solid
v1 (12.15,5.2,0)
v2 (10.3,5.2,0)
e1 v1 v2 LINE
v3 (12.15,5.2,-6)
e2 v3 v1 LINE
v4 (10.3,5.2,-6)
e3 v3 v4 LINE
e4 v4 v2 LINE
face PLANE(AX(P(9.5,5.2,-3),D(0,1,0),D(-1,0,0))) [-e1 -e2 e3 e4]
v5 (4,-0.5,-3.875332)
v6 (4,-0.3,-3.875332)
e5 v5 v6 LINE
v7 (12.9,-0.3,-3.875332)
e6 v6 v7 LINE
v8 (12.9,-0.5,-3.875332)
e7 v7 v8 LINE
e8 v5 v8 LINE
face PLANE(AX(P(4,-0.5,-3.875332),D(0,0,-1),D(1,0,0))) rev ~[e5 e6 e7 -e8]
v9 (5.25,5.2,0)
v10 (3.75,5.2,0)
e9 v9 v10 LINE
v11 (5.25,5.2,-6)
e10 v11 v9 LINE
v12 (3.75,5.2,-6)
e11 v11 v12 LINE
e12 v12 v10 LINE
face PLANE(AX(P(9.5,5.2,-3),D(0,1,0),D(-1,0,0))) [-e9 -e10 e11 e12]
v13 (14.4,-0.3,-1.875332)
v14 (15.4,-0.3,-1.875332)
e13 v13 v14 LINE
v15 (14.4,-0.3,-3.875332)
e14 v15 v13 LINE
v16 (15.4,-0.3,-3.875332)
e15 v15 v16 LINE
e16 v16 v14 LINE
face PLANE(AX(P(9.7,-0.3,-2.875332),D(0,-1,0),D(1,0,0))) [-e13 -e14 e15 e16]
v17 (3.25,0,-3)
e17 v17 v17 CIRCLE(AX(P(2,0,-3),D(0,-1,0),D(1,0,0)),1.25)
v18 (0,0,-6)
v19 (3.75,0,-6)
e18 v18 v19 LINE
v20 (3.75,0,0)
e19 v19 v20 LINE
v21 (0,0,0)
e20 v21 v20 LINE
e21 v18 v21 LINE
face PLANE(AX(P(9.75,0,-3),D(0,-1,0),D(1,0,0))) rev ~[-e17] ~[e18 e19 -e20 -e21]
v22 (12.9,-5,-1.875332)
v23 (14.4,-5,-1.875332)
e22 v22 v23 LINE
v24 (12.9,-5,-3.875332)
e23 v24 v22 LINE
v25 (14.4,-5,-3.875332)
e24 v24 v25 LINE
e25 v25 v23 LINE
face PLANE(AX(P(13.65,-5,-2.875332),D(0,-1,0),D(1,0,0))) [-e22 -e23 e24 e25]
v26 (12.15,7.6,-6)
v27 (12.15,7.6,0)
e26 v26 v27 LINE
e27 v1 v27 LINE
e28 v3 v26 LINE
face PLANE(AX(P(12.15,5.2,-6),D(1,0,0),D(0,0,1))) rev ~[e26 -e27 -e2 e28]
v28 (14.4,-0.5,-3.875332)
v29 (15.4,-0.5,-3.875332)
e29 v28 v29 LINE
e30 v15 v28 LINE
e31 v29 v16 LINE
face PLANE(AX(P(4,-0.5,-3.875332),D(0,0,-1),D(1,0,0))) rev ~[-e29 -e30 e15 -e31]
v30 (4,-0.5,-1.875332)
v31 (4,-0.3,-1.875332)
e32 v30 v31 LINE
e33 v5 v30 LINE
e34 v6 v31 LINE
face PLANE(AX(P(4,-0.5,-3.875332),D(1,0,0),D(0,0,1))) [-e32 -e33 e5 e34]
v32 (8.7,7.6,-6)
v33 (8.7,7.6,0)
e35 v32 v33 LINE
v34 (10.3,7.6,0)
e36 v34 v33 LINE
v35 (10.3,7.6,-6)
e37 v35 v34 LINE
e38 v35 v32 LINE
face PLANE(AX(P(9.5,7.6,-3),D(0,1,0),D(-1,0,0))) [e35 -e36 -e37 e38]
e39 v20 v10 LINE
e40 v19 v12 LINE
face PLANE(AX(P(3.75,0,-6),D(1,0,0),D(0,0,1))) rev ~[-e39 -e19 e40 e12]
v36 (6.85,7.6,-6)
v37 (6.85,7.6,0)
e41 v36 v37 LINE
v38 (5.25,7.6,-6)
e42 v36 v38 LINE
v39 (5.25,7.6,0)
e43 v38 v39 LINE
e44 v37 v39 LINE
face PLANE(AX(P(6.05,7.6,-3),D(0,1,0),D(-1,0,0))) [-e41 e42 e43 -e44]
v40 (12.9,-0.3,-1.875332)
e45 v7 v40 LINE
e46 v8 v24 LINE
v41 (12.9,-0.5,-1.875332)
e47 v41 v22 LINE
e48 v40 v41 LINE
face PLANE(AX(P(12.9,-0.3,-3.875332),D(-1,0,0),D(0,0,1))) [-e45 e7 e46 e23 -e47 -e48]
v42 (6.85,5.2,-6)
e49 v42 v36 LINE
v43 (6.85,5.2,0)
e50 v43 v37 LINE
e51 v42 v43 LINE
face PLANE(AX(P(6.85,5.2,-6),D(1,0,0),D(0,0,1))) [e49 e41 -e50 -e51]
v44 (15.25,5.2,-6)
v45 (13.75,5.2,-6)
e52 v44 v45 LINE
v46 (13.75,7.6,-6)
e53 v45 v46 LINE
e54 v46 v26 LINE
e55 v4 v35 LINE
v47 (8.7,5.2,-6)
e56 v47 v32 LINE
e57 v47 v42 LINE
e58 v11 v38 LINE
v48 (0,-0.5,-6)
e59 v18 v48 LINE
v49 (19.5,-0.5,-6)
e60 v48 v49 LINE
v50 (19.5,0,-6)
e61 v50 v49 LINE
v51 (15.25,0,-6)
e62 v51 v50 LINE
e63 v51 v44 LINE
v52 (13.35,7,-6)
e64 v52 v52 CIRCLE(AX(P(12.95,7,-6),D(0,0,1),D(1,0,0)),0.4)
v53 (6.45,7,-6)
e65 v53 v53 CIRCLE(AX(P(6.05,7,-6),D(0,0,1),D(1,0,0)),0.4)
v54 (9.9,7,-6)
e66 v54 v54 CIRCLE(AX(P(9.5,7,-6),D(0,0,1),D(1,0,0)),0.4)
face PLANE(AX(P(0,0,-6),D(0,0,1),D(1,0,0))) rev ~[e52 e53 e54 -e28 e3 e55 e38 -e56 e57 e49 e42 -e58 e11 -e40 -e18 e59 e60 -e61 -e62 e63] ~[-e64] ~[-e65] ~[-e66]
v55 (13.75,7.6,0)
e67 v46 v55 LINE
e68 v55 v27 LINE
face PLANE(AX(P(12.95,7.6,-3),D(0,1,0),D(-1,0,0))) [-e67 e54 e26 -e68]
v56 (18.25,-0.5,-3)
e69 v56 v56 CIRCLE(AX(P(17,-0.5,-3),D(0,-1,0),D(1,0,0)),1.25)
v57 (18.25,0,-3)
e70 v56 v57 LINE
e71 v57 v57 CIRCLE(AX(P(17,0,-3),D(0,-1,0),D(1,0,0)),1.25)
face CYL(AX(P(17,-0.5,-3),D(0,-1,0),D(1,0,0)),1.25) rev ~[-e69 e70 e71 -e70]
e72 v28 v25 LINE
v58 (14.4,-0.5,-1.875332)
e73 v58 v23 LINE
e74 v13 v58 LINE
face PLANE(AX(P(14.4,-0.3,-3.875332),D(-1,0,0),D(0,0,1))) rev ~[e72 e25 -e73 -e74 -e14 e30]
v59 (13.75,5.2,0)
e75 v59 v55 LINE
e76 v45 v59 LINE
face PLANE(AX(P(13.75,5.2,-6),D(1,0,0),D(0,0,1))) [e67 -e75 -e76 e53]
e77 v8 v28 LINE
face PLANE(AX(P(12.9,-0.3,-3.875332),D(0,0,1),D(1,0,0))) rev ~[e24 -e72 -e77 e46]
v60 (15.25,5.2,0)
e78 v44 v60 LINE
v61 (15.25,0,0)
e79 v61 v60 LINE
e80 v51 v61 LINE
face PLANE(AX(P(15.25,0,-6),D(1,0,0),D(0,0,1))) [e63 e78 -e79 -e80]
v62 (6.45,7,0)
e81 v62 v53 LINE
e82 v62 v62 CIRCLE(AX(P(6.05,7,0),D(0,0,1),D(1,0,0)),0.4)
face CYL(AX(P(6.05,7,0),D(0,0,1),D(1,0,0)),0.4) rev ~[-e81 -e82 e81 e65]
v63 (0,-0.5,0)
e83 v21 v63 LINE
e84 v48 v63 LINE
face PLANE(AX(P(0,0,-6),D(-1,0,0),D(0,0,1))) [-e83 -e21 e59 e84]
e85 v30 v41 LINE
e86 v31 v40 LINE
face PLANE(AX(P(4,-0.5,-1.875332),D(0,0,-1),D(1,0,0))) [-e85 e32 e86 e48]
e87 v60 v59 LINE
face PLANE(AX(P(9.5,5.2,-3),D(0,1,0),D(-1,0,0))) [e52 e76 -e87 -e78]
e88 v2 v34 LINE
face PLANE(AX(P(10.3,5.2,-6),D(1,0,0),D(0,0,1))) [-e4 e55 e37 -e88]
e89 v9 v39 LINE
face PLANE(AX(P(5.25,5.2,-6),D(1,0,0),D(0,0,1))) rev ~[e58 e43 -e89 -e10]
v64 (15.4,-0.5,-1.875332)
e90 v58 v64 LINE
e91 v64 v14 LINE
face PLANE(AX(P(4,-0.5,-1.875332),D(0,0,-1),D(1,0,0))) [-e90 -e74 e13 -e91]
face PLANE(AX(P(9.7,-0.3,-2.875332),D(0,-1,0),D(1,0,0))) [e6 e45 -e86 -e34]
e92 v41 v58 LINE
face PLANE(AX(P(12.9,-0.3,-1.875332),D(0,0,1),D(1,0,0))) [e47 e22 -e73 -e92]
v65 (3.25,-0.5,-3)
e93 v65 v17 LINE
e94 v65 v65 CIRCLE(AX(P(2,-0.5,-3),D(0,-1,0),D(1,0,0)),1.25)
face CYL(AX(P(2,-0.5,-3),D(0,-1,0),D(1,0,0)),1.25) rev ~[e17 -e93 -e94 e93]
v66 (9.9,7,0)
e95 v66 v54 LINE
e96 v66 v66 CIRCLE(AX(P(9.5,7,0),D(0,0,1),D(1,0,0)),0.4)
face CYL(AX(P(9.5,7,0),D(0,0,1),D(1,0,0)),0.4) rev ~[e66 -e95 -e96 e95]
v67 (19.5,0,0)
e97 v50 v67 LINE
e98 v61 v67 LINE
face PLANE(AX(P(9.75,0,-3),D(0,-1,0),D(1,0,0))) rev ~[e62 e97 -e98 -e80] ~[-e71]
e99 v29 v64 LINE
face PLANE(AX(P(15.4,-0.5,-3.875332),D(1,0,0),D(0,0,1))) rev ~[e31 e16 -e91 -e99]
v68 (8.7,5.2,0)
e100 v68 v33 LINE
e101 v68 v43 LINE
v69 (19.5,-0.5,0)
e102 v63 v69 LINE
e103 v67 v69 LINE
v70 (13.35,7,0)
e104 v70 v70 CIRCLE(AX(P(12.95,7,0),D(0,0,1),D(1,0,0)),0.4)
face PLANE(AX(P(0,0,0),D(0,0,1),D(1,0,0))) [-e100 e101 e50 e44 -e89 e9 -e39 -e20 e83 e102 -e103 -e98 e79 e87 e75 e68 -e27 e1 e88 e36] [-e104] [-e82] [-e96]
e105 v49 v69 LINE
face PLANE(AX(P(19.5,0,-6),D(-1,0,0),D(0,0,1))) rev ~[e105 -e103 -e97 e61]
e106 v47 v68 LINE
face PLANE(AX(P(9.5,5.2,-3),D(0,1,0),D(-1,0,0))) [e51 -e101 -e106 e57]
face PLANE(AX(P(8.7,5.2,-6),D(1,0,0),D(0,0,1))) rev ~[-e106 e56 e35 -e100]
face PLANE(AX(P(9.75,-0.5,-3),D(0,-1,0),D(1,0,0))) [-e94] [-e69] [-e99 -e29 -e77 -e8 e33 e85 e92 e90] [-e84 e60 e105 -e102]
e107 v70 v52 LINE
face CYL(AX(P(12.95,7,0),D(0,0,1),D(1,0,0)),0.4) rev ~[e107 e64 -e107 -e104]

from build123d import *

# Parameters (mm, degrees)
F0_W      = 19.5
F0_H      = 6
F1_DEPTH  = 0.5
F2_R      = 1.25
F3_DEPTH  = 3
F4_W      = 11.4
F4_H      = 2
F5_DEPTH  = 0.2
F6_W      = 1.5
F6_H      = 2
F7_DEPTH  = 4.7
F8_W      = 11.5
F8_H      = 6
F9_DEPTH  = 5.2
F10_W     = 1.6
F10_H     = 6
F11_DEPTH = 2.4
F12_R     = 0.4
F13_DEPTH = 6


with BuildPart() as f1:
    # F0 (on Front) → F1 (new body)
    with BuildSketch(Plane.XZ):
        with Locations((9.75, -3)):
            Rectangle(F0_W, F0_H)
    extrude(amount=F1_DEPTH)

    # F2 (on face) → F3 (cut)
    with BuildSketch(Plane.XZ.offset(0.5)):
        with Locations((2, -3)):
            Circle(F2_R)
        with Locations((17, -3)):
            Circle(F2_R)
    extrude(amount=-F3_DEPTH, mode=Mode.SUBTRACT)

    # F4 (on face) → F5 (cut)
    with BuildSketch(Plane.XZ.offset(0.5)):
        with Locations((9.7, -2.875332)):
            Rectangle(F4_W, F4_H)
    extrude(amount=-F5_DEPTH, mode=Mode.SUBTRACT)

    # F6 (on face) → F7 (join)
    with BuildSketch(Plane.XZ.offset(0.3)):
        with Locations((13.65, -2.875332)):
            Rectangle(F6_W, F6_H)
    extrude(amount=F7_DEPTH)

    # F8 (on face) → F9 (join)
    with BuildSketch(Plane(origin=(0, 0, 0), x_dir=(-1, 0, 0), z_dir=(0, 1, 0))):
        with Locations((-9.5, -3)):
            Rectangle(F8_W, F8_H)
    extrude(amount=F9_DEPTH)

    # F10 (on face) → F11 (join)
    with BuildSketch(Plane(origin=(0, 5.2, 0), x_dir=(-1, 0, 0), z_dir=(0, 1, 0))):
        with Locations((-12.95, -3)):
            Rectangle(F10_W, F10_H)
        with Locations((-9.5, -3)):
            Rectangle(F10_W, F10_H)
        with Locations((-6.05, -3)):
            Rectangle(F10_W, F10_H)
    extrude(amount=F11_DEPTH)

    # F12 (on face) → F13 (cut)
    with BuildSketch(Plane.XY):
        with Locations((12.95, 7)):
            Circle(F12_R)
        with Locations((9.5, 7)):
            Circle(F12_R)
        with Locations((6.05, 7)):
            Circle(F12_R)
    extrude(amount=-F13_DEPTH, mode=Mode.SUBTRACT)


solid = f1.part
